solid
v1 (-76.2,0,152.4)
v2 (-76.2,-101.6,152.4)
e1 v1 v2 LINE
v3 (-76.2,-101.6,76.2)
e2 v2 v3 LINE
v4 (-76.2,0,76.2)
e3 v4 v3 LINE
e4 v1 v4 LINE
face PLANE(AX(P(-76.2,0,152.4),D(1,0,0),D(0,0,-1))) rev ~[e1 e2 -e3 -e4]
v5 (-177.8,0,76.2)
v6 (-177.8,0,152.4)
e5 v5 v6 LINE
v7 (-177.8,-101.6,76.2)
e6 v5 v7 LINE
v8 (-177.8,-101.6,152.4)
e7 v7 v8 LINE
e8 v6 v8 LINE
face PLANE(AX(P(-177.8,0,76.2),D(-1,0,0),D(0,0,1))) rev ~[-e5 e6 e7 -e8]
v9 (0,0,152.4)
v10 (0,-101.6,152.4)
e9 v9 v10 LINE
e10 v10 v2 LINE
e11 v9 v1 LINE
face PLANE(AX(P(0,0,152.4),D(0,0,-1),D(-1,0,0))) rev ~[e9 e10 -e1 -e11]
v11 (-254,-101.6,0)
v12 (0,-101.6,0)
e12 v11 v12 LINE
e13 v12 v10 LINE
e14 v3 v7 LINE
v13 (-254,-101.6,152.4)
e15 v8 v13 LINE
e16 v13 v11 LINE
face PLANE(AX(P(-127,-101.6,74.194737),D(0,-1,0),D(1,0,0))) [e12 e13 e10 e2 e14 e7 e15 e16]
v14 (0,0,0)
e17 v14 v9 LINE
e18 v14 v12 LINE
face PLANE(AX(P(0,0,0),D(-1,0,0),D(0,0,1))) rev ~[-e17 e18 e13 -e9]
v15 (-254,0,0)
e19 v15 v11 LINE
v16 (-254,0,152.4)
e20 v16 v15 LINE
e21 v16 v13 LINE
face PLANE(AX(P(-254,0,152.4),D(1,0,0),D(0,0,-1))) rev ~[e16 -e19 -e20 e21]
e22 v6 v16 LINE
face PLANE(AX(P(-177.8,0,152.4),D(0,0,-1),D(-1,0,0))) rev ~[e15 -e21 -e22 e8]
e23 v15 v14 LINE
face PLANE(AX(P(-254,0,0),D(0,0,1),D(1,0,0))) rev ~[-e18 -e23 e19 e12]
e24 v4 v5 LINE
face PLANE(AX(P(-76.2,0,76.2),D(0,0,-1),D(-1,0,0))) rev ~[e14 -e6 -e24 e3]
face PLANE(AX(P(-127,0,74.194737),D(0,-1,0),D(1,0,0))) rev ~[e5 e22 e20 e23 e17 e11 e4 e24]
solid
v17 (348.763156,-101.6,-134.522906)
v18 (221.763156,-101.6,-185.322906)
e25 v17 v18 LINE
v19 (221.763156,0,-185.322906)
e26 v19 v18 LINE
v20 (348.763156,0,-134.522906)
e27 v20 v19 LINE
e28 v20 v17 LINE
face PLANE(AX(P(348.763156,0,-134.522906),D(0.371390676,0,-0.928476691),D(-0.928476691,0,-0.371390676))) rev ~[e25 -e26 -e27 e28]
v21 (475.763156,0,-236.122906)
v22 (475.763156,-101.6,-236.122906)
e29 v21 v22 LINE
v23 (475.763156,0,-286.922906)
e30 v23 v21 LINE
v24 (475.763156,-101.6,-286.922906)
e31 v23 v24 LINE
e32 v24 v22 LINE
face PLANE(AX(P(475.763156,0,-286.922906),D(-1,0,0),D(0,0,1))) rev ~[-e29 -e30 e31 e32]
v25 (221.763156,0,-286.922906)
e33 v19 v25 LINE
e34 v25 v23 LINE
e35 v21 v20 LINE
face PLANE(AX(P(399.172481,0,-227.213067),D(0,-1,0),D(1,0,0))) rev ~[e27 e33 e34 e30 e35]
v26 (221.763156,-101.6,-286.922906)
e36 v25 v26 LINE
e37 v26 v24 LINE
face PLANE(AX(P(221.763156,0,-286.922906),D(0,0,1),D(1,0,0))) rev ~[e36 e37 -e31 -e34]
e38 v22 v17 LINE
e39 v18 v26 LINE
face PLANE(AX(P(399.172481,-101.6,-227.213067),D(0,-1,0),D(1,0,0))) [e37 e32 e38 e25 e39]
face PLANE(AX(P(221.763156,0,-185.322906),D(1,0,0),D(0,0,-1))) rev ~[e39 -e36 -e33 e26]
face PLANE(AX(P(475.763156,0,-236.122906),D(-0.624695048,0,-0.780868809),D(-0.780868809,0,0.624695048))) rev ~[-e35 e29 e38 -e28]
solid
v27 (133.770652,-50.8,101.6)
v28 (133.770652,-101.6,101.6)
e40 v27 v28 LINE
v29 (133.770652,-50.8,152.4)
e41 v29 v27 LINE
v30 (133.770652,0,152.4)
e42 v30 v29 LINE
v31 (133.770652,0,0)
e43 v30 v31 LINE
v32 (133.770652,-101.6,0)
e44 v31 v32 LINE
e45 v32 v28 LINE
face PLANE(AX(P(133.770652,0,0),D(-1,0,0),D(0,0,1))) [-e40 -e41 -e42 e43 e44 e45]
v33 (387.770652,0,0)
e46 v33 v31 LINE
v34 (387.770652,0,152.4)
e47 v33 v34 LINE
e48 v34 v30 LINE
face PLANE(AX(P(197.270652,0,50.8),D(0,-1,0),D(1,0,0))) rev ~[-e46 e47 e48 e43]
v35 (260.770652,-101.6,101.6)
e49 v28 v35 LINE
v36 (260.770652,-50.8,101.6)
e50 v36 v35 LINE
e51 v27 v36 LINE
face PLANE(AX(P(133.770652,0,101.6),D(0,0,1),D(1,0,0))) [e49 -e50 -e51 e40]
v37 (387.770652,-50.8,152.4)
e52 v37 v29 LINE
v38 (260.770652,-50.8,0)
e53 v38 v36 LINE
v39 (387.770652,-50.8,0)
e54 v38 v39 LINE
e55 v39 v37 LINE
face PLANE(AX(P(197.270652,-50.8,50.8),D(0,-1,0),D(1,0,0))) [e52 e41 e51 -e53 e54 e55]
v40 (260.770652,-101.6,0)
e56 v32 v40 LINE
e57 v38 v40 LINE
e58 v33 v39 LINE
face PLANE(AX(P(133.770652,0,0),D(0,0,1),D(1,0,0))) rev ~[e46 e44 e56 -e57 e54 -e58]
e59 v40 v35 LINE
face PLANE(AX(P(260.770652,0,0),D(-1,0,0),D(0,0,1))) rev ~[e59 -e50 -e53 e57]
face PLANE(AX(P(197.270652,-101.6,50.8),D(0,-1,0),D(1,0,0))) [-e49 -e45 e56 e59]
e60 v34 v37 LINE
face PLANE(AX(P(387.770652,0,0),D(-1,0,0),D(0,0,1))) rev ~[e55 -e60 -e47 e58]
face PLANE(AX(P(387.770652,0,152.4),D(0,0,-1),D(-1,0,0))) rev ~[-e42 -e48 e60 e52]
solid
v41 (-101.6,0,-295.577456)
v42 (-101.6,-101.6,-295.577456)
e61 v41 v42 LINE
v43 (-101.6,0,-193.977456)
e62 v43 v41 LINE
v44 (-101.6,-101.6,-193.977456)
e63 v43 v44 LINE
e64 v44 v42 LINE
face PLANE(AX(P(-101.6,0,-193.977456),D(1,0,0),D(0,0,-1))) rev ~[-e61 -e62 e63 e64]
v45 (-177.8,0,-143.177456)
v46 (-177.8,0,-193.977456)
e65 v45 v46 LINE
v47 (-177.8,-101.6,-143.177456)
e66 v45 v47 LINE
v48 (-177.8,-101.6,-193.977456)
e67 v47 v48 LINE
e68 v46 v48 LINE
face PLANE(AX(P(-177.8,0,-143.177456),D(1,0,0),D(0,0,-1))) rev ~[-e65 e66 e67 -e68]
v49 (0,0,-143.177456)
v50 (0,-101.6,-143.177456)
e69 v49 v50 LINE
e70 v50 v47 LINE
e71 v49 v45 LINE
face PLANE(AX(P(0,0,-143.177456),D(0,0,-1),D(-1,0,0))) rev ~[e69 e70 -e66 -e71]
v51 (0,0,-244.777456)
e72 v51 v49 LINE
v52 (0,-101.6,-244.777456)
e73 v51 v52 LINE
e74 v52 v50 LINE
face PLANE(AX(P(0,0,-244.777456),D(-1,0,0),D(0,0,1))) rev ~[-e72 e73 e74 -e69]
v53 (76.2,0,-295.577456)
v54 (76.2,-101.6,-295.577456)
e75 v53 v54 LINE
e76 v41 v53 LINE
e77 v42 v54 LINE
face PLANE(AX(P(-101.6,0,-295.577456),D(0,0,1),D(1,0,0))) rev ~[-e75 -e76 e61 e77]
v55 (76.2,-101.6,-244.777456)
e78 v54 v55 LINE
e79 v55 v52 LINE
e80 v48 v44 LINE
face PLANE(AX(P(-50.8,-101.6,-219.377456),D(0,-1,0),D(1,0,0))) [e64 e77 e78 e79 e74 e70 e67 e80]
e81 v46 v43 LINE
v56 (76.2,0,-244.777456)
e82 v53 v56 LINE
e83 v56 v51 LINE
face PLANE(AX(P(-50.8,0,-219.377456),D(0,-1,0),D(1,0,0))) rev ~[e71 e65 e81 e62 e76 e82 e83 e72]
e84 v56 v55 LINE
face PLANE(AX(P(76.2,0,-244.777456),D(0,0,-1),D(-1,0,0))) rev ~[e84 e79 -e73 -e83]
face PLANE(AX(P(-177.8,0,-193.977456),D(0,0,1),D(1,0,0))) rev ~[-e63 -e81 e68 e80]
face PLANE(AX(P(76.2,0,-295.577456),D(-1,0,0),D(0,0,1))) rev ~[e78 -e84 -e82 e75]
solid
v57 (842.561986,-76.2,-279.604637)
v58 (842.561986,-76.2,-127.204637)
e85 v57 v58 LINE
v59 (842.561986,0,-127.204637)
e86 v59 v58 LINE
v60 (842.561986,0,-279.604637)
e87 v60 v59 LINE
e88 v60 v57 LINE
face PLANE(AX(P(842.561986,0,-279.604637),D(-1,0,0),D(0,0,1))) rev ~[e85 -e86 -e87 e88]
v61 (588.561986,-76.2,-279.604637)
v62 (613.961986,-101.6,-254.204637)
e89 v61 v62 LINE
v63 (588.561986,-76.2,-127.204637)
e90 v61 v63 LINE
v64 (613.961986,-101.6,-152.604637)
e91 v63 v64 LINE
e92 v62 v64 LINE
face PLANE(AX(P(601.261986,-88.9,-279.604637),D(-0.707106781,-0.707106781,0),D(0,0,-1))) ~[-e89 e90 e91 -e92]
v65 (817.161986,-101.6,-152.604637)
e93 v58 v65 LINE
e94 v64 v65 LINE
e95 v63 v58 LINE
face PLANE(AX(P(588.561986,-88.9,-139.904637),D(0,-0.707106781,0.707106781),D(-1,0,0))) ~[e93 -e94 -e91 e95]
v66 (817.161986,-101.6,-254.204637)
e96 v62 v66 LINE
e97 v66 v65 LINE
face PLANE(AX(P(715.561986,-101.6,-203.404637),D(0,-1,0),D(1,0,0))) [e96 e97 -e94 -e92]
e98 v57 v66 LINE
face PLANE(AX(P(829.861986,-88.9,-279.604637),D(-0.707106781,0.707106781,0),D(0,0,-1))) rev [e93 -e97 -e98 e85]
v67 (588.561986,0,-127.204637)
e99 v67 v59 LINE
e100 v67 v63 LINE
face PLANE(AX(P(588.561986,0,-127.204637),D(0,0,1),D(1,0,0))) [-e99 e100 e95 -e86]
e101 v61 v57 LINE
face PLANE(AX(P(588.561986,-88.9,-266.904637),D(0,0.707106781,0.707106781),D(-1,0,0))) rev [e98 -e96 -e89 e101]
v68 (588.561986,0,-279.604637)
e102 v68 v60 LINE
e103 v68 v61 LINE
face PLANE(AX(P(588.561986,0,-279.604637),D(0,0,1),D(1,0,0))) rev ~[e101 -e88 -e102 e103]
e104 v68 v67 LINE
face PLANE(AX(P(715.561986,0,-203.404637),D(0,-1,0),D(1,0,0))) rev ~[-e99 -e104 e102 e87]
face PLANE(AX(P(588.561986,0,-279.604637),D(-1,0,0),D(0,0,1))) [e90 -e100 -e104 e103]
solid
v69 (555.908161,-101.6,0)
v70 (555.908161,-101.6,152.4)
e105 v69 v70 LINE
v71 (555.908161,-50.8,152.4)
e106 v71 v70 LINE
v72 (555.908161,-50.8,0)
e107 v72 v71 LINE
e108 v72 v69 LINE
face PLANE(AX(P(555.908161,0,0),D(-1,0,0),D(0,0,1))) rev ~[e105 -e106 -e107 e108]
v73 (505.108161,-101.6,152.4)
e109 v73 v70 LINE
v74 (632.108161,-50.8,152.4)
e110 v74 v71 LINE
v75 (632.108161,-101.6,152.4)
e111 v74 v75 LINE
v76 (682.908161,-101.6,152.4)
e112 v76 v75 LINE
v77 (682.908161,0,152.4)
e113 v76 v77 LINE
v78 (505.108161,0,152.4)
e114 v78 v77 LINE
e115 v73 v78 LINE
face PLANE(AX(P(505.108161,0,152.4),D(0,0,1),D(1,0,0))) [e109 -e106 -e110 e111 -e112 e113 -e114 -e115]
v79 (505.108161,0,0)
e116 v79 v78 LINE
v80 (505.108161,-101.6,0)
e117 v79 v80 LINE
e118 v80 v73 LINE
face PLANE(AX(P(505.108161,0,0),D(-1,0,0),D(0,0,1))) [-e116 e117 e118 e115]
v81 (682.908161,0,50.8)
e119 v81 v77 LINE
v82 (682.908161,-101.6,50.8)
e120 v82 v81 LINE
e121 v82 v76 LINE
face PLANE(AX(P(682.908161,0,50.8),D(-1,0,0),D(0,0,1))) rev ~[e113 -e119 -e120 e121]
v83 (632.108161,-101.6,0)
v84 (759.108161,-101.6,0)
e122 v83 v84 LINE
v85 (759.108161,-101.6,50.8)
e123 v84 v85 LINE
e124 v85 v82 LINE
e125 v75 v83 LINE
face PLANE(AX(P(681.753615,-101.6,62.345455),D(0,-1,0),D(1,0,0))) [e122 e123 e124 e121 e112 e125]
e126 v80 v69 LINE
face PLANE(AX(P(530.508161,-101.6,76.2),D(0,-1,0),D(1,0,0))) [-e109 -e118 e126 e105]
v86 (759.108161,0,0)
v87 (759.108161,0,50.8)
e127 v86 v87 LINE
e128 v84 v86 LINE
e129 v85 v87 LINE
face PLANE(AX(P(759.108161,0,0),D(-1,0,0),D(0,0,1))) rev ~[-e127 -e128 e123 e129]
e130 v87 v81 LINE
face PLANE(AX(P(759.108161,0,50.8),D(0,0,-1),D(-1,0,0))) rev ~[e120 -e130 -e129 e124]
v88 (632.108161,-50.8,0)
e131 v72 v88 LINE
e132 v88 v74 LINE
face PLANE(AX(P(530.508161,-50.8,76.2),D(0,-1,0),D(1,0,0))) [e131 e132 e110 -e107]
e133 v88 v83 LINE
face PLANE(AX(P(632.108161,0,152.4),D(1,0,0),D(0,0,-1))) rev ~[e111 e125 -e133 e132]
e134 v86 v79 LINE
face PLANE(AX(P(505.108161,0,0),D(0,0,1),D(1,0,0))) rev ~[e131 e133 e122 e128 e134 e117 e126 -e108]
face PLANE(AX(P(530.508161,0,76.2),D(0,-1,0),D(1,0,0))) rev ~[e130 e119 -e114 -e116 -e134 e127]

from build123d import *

# Parameters (mm, degrees)
F1_DEPTH  = 101.6
F3_DEPTH  = 101.6
F2_W      = 127
F2_H      = 101.6
F4_DEPTH  = 101.6
F5_DEPTH  = 50.8
F6_W      = 50.8
F6_H      = 152.4
F7_DEPTH  = 101.6
F6_W_2    = 76.2
F8_DEPTH  = 50.8
F9_DEPTH  = 101.6
F11_DEPTH = 101.6
F13_DEPTH = 101.6
F14_W     = 254
F14_H     = 152.4
F15_DEPTH = 101.6
F16_SIZE2 = 25.4
F16_SIZE  = 25.4


with BuildPart() as f1:
    # F0 (on Front) → F1 (new body)
    with BuildSketch(Plane.XZ):
        Polygon((-254, 0), (0, 0), (0, 152.4), (-76.2, 152.4), (-76.2, 76.2), (-177.8, 76.2), (-177.8, 152.4), (-254, 152.4), align=None)
    extrude(amount=F1_DEPTH)

    # F0 (on Front) → F3 (join)
    with BuildSketch(Plane.XZ):
        Polygon((-254, 0), (0, 0), (0, 152.4), (-76.2, 152.4), (-76.2, 76.2), (-177.8, 76.2), (-177.8, 152.4), (-254, 152.4), align=None)
    extrude(amount=F3_DEPTH)


with BuildPart() as f4:
    # F2 (on Front) → F4 (new body)
    with BuildSketch(Plane.XZ):
        with Locations((197.2706523503, 50.8)):
            Rectangle(F2_W, F2_H)
    extrude(amount=F4_DEPTH)

    # F2 (on Front) → F5 (join)
    with BuildSketch(Plane.XZ):
        with Locations((197.2706523503, 50.8)):
            Rectangle(F2_W, F2_H)
        Polygon((260.7706523503, 101.6), (260.7706523503, 0), (387.7706523503, 0), (387.7706523503, 152.4), (133.7706523503, 152.4), (133.7706523503, 101.6), align=None)
    extrude(amount=F5_DEPTH)


with BuildPart() as f7:
    # F6 (on Front) → F7 (new body)
    with BuildSketch(Plane.XZ):
        with Locations((530.5081609351, 76.2)):
            Rectangle(F6_W, F6_H)
    extrude(amount=F7_DEPTH)

    # F6 (on Front) → F8 (join)
    with BuildSketch(Plane.XZ):
        with Locations((530.5081609351, 76.2)):
            Rectangle(F6_W, F6_H)
        with Locations((594.0081609351, 76.2)):
            Rectangle(F6_W_2, F6_H)
        Polygon((632.1081609351, 152.4), (632.1081609351, 0), (759.1081609351, 0), (759.1081609351, 50.8), (682.9081609351, 50.8), (682.9081609351, 152.4), align=None)
    extrude(amount=F8_DEPTH)

    # F6 (on Front) → F9 (join)
    with BuildSketch(Plane.XZ):
        Polygon((632.1081609351, 152.4), (632.1081609351, 0), (759.1081609351, 0), (759.1081609351, 50.8), (682.9081609351, 50.8), (682.9081609351, 152.4), align=None)
    extrude(amount=F9_DEPTH)


with BuildPart() as f11:
    # F10 (on Front) → F11 (new body)
    with BuildSketch(Plane.XZ):
        Polygon((0, -244.7774564702), (0, -143.1774564702), (-177.8, -143.1774564702), (-177.8, -193.9774564702), (-101.6, -193.9774564702), (-101.6, -295.5774564702), (76.2, -295.5774564702), (76.2, -244.7774564702), align=None)
    extrude(amount=F11_DEPTH)


with BuildPart() as f13:
    # F12 (on Front) → F13 (new body)
    with BuildSketch(Plane.XZ):
        Polygon((348.7631558649, -134.522906208), (348.7631558649, -286.922906208), (475.7631558649, -286.922906208), (475.7631558649, -236.122906208), align=None)
        Polygon((221.7631558649, -185.322906208), (221.7631558649, -286.922906208), (348.7631558649, -286.922906208), (348.7631558649, -134.522906208), align=None)
    extrude(amount=F13_DEPTH)


with BuildPart() as f15:
    # F14 (on Front) → F15 (new body)
    with BuildSketch(Plane.XZ):
        with Locations((715.5619859695, -203.404637192)):
            Rectangle(F14_W, F14_H)
    extrude(amount=F15_DEPTH)

    # F16
    f16_edges = [f15.edges().sort_by_distance(p)[0] for p in [
        (588.561986, -101.6, -203.404637),
        (715.561986, -101.6, -279.604637),
        (842.561986, -101.6, -203.404637),
        (715.561986, -101.6, -127.204637),
    ]]
    chamfer(f16_edges, length=F16_SIZE, length2=F16_SIZE2)


solid = Compound([f1.part, f4.part, f7.part, f11.part, f13.part, f15.part])
